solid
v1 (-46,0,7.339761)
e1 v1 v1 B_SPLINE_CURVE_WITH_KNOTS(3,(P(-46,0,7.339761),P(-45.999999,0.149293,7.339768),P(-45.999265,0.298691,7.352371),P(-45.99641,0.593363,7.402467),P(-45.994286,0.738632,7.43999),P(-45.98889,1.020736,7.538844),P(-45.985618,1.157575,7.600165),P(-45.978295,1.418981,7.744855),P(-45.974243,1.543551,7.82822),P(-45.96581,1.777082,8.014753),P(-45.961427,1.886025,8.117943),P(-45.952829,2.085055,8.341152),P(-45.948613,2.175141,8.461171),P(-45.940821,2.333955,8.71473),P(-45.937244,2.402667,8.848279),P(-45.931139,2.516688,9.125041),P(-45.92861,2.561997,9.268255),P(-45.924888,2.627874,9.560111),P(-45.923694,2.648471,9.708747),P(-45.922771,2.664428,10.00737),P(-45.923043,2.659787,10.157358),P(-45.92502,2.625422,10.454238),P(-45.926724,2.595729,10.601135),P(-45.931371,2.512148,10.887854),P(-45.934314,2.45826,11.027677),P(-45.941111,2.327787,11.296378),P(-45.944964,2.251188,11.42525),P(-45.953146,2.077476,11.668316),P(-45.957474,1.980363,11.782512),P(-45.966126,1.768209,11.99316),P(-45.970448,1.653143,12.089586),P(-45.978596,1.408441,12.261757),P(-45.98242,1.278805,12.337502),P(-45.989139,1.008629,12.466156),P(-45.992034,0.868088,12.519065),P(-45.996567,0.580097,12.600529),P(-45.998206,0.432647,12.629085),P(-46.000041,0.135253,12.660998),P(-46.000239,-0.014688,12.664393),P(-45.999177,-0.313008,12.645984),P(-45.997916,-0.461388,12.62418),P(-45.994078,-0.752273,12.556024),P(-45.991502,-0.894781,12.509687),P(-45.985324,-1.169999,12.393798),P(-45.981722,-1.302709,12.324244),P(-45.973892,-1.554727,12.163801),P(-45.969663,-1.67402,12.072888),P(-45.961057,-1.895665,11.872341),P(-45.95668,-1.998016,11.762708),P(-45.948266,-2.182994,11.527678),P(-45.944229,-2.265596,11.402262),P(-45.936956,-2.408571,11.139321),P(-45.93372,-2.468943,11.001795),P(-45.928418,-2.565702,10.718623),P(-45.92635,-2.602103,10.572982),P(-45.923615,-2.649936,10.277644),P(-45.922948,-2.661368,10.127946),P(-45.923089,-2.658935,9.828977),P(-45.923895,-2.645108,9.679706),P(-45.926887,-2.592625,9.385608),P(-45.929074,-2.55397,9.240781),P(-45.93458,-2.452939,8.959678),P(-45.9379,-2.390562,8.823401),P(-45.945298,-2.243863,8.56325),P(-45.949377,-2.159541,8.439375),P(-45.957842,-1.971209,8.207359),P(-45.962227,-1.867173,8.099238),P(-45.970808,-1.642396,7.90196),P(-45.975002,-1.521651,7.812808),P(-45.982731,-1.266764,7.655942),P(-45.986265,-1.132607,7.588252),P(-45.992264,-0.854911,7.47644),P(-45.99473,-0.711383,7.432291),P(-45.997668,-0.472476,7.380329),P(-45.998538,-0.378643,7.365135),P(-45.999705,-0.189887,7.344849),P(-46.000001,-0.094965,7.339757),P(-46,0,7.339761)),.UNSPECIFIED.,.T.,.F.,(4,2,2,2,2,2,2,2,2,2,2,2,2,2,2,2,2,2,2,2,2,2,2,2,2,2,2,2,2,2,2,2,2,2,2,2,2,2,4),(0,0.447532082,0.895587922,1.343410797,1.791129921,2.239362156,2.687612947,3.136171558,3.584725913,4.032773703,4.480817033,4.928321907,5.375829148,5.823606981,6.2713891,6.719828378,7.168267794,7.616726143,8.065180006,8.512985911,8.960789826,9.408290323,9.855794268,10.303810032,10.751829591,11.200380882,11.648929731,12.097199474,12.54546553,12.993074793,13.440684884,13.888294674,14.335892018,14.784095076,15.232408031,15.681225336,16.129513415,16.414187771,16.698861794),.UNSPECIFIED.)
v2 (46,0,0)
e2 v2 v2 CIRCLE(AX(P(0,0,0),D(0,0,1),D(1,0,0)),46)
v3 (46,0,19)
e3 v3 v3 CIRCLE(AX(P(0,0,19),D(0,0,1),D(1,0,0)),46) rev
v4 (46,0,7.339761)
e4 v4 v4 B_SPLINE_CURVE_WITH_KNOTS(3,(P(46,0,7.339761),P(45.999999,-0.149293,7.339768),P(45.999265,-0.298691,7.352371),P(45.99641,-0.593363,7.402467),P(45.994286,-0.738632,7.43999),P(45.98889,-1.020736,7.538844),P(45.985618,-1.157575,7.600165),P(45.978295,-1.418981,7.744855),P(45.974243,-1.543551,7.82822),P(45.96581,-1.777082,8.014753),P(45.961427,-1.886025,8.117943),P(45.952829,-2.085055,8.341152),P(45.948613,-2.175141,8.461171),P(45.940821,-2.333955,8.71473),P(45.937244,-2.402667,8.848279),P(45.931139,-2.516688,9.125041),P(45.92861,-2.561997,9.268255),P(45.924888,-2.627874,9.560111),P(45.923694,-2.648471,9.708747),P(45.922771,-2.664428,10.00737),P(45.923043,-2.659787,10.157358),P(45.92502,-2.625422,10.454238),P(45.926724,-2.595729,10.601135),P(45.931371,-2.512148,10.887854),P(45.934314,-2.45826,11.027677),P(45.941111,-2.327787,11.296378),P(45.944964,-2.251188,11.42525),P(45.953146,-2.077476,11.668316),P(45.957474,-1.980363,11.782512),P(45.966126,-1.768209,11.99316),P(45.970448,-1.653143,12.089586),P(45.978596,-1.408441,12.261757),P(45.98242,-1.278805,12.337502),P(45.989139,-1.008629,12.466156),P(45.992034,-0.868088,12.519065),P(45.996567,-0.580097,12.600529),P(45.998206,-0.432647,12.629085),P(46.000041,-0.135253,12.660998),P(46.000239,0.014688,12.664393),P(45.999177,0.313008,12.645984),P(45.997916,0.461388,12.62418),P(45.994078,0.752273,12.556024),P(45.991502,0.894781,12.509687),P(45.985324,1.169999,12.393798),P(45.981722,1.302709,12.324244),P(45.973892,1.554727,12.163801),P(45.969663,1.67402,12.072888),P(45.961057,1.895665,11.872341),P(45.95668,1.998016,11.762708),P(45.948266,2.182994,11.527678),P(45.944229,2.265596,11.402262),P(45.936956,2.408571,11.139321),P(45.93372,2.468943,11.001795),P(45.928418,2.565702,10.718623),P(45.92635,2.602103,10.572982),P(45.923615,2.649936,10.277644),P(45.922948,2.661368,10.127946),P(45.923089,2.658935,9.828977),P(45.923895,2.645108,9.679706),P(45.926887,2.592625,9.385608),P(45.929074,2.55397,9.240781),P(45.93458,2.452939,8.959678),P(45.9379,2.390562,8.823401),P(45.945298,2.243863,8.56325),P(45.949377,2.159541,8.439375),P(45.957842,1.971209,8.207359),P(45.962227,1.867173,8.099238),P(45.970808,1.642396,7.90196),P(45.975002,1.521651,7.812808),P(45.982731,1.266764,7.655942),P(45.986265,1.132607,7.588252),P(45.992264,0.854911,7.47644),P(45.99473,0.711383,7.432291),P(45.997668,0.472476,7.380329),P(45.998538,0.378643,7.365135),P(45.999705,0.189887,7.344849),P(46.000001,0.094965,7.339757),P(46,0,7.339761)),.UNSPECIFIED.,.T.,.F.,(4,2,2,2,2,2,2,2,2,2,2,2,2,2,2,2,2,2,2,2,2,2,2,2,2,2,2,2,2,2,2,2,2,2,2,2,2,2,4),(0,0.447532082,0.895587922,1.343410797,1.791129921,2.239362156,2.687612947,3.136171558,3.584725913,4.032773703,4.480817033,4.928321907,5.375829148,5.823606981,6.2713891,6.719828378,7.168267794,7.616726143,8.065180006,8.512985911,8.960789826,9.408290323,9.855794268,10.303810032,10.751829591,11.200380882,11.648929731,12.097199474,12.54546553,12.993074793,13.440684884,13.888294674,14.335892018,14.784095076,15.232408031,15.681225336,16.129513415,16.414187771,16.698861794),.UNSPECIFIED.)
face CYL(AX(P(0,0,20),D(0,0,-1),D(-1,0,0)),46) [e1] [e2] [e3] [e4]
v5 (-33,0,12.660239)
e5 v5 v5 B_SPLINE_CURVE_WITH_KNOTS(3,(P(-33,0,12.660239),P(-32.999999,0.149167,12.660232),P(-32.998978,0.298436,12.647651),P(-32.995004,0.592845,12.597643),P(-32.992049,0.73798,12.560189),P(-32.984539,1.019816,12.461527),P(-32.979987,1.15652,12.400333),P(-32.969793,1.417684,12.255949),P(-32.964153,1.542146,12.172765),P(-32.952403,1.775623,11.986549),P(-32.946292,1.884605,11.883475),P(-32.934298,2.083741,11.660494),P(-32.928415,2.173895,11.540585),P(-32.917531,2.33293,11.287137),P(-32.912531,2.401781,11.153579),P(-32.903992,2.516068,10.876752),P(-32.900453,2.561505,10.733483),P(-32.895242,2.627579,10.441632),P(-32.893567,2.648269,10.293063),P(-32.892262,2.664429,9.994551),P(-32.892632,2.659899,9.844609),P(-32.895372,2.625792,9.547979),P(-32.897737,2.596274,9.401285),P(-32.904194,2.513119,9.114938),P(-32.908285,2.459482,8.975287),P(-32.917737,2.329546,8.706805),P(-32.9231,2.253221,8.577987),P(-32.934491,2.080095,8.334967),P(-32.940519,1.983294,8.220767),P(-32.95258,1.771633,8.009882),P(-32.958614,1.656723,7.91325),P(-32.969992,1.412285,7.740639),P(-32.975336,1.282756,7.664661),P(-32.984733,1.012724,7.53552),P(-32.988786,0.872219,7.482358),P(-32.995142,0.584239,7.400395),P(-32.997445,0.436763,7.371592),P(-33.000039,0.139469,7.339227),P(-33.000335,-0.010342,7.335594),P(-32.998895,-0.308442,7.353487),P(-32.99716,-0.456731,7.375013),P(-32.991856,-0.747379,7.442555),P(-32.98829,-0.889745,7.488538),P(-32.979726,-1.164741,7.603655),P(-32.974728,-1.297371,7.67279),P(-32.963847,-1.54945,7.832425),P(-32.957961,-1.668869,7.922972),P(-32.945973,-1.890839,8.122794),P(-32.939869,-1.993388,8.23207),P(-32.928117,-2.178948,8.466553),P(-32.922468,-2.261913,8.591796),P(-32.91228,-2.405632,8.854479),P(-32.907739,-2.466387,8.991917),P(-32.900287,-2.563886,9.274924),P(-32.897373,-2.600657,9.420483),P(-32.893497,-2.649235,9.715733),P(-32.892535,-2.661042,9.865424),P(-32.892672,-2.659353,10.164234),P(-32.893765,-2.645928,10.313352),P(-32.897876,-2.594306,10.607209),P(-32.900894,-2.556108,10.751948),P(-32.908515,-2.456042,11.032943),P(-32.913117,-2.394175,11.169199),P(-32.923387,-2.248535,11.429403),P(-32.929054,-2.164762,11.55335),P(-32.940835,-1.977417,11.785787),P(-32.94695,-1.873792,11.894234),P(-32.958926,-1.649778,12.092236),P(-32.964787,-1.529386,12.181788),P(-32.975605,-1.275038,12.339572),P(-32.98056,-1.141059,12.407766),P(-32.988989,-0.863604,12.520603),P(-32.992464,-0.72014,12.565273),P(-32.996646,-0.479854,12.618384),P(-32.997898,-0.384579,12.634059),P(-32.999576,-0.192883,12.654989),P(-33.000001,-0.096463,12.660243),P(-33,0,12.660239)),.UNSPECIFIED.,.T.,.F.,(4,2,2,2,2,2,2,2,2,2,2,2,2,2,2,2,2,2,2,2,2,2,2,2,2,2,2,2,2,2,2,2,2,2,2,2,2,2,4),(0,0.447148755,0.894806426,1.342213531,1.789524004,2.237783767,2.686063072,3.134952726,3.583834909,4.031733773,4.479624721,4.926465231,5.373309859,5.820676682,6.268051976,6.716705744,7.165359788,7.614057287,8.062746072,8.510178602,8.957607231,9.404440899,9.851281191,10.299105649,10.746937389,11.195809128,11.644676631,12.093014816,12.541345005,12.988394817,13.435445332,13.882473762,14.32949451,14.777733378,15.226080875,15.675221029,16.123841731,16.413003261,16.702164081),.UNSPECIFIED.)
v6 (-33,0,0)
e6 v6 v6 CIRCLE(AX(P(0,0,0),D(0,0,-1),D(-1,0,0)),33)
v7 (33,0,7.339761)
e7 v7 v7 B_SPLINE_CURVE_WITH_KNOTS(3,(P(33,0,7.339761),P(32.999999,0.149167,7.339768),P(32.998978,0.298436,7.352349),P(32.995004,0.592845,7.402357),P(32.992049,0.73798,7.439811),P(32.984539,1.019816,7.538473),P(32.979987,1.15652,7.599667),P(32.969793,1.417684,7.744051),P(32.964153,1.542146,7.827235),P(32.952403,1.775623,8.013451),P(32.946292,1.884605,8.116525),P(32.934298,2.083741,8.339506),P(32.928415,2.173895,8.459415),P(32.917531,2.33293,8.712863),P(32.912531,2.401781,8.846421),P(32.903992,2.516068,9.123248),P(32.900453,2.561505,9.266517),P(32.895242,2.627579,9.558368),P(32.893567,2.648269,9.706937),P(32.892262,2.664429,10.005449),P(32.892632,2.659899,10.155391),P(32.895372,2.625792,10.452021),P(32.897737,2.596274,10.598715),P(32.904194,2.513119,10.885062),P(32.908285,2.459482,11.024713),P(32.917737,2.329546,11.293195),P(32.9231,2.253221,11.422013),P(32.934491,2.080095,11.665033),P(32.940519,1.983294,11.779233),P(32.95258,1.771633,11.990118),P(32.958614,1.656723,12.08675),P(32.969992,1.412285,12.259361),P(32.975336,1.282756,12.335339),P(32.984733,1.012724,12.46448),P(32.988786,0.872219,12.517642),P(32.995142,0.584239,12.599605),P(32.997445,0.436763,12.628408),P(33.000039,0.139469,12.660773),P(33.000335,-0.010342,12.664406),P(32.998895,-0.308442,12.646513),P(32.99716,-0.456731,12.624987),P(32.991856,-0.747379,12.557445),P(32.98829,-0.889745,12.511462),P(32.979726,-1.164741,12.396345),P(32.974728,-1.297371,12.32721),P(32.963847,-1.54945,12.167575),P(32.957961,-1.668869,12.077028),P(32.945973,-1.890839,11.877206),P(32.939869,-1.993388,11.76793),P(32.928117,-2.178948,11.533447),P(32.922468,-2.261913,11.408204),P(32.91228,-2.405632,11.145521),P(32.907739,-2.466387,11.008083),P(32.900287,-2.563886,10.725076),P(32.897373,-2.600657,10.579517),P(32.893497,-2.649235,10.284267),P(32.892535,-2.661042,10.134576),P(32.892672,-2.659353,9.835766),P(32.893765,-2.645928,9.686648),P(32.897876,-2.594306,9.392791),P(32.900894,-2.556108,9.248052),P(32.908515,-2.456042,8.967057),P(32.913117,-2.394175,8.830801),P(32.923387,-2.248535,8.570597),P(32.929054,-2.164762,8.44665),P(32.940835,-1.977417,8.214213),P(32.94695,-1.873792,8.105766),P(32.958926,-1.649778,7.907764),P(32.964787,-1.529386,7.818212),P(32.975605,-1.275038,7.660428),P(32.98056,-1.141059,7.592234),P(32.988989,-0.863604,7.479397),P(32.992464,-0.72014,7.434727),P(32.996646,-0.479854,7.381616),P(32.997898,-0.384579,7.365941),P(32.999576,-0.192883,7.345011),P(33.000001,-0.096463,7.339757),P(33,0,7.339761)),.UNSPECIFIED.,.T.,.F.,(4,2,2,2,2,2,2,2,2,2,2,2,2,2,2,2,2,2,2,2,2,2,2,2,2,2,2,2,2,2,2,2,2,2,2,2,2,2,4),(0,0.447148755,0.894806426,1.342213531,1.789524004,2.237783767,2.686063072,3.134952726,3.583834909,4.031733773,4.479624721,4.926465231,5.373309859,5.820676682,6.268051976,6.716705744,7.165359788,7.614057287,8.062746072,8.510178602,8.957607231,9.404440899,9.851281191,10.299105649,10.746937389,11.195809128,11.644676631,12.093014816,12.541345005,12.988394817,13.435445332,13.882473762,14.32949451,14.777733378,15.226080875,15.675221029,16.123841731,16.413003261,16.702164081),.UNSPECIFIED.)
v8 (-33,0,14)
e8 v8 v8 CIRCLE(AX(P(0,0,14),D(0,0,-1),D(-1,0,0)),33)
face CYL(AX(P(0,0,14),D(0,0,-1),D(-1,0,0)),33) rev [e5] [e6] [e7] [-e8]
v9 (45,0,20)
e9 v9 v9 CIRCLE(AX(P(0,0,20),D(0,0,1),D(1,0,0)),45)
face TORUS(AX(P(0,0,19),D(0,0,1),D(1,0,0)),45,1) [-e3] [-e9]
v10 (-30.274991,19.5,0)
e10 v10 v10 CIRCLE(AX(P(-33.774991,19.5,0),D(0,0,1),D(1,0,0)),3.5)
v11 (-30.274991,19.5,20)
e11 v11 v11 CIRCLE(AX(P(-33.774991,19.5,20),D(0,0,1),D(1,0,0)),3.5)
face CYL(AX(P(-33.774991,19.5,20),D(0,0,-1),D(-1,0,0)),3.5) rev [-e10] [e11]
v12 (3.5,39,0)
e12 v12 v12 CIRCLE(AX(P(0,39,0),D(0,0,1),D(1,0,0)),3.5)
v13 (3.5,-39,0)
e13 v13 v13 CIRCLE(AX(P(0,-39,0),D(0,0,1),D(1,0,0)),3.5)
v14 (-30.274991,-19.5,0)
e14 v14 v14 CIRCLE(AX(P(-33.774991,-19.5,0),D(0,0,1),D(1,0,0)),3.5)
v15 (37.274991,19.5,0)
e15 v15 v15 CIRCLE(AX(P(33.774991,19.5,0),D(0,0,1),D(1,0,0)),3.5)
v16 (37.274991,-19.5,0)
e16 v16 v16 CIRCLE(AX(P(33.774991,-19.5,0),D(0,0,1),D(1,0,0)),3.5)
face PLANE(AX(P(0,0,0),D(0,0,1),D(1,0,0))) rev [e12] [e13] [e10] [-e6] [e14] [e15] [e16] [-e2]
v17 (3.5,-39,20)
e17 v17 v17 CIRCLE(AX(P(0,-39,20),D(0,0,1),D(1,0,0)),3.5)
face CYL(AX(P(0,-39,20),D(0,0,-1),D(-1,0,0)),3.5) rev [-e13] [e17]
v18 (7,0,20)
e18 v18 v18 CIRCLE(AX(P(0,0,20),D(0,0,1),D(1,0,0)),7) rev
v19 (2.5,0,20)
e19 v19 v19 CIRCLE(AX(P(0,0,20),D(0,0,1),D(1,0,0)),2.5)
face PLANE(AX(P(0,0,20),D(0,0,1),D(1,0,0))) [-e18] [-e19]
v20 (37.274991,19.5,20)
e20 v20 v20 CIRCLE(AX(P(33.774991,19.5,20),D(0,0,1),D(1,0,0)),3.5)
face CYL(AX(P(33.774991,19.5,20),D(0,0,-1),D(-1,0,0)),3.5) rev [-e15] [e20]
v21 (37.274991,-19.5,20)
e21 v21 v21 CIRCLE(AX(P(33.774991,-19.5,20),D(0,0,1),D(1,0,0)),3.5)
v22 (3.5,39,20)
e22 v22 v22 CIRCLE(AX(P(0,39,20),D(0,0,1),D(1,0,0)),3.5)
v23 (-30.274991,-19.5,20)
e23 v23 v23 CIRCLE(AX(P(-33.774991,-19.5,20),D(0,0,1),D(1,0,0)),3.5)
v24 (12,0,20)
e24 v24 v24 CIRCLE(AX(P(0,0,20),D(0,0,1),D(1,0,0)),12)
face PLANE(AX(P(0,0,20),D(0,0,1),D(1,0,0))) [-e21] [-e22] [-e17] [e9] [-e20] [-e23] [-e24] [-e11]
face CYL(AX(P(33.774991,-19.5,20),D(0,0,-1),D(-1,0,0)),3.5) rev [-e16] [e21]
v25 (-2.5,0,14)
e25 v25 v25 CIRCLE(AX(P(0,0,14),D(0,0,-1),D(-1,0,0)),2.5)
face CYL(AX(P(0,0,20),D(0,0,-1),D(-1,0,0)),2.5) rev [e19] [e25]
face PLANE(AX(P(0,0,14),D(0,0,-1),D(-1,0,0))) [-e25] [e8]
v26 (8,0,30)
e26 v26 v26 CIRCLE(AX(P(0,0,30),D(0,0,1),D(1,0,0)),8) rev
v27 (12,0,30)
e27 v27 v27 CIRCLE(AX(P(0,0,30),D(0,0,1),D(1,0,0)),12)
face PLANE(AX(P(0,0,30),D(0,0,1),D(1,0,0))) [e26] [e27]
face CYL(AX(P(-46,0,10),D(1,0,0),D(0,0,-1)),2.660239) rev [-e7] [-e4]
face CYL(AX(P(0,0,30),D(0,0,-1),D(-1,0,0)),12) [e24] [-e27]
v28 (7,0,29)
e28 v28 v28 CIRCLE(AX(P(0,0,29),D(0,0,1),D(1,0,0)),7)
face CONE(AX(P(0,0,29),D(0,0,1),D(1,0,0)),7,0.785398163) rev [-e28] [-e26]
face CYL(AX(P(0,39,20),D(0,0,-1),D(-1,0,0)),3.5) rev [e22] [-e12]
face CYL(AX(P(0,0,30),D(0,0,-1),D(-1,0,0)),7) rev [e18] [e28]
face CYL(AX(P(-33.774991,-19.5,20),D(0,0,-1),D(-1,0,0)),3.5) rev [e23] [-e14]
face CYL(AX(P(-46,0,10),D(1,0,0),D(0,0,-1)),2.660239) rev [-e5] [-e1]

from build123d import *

# Parameters (mm, degrees)
SKETCH2_R               = 46
SKETCH2_R_2             = 3.5
SKETCH2_R_3             = 2.5
BOSS_EXTRUDE1_DEPTH     = 20
SKETCH3_R               = 12
SKETCH3_R_2             = 7
BOSS_EXTRUDE2_DEPTH     = 10
CHAMFER1_SIZE           = 1
SKETCH6_R               = 33
CUT_EXTRUDE1_DEPTH      = 14
FILLET1_R               = 1
SKETCH7_R               = 2.66023902
CUT_EXTRUDE2_DEPTH      = 47
CUT_EXTRUDE2_DEPTH_BACK = 47


with BuildPart() as part:
    # Sketch2 → Boss-Extrude1 (new body)
    with BuildSketch(Plane.XY):
        Circle(SKETCH2_R)
        with Locations((0, 39)):
            Circle(SKETCH2_R_2, mode=Mode.SUBTRACT)
        Circle(SKETCH2_R_3, mode=Mode.SUBTRACT)
        with Locations((33.774990748, 19.5)):
            Circle(SKETCH2_R_2, mode=Mode.SUBTRACT)
        with Locations((33.774990748, -19.5)):
            Circle(SKETCH2_R_2, mode=Mode.SUBTRACT)
        with Locations((0, -39)):
            Circle(SKETCH2_R_2, mode=Mode.SUBTRACT)
        with Locations((-33.774990748, -19.5)):
            Circle(SKETCH2_R_2, mode=Mode.SUBTRACT)
        with Locations((-33.774990748, 19.5)):
            Circle(SKETCH2_R_2, mode=Mode.SUBTRACT)
    extrude(amount=BOSS_EXTRUDE1_DEPTH)

    # Sketch3 → Boss-Extrude2 (add)
    with BuildSketch(Plane.XY.offset(20)):
        Circle(SKETCH3_R)
        Circle(SKETCH3_R_2, mode=Mode.SUBTRACT)
    extrude(amount=BOSS_EXTRUDE2_DEPTH)

    # Chamfer1
    chamfer1_edges = [part.edges().sort_by_distance(p)[0] for p in [
        (-7, 0, 30),
    ]]
    chamfer(chamfer1_edges, length=CHAMFER1_SIZE)

    # Sketch6 → Cut-Extrude1 (cut)
    with BuildSketch(Plane(origin=(0, 0, 0), x_dir=(-1, 0, 0), z_dir=(0, 0, -1))):
        Circle(SKETCH6_R)
    extrude(amount=-CUT_EXTRUDE1_DEPTH, mode=Mode.SUBTRACT)

    # Fillet1
    fillet1_edges = [part.edges().sort_by_distance(p)[0] for p in [
        (-46, 0, 20),
    ]]
    fillet(fillet1_edges, radius=FILLET1_R)

    # Sketch7 → Cut-Extrude2 (cut, two sides)
    with BuildSketch(Plane(origin=(0, 0, 0), x_dir=(0, 0, -1), z_dir=(1, 0, 0))) as cut_extrude2_sk:
        with Locations((-10, 0)):
            Circle(SKETCH7_R)
    extrude(amount=CUT_EXTRUDE2_DEPTH, mode=Mode.SUBTRACT)
    extrude(cut_extrude2_sk.sketch, amount=-CUT_EXTRUDE2_DEPTH_BACK, mode=Mode.SUBTRACT)


solid = part.part
